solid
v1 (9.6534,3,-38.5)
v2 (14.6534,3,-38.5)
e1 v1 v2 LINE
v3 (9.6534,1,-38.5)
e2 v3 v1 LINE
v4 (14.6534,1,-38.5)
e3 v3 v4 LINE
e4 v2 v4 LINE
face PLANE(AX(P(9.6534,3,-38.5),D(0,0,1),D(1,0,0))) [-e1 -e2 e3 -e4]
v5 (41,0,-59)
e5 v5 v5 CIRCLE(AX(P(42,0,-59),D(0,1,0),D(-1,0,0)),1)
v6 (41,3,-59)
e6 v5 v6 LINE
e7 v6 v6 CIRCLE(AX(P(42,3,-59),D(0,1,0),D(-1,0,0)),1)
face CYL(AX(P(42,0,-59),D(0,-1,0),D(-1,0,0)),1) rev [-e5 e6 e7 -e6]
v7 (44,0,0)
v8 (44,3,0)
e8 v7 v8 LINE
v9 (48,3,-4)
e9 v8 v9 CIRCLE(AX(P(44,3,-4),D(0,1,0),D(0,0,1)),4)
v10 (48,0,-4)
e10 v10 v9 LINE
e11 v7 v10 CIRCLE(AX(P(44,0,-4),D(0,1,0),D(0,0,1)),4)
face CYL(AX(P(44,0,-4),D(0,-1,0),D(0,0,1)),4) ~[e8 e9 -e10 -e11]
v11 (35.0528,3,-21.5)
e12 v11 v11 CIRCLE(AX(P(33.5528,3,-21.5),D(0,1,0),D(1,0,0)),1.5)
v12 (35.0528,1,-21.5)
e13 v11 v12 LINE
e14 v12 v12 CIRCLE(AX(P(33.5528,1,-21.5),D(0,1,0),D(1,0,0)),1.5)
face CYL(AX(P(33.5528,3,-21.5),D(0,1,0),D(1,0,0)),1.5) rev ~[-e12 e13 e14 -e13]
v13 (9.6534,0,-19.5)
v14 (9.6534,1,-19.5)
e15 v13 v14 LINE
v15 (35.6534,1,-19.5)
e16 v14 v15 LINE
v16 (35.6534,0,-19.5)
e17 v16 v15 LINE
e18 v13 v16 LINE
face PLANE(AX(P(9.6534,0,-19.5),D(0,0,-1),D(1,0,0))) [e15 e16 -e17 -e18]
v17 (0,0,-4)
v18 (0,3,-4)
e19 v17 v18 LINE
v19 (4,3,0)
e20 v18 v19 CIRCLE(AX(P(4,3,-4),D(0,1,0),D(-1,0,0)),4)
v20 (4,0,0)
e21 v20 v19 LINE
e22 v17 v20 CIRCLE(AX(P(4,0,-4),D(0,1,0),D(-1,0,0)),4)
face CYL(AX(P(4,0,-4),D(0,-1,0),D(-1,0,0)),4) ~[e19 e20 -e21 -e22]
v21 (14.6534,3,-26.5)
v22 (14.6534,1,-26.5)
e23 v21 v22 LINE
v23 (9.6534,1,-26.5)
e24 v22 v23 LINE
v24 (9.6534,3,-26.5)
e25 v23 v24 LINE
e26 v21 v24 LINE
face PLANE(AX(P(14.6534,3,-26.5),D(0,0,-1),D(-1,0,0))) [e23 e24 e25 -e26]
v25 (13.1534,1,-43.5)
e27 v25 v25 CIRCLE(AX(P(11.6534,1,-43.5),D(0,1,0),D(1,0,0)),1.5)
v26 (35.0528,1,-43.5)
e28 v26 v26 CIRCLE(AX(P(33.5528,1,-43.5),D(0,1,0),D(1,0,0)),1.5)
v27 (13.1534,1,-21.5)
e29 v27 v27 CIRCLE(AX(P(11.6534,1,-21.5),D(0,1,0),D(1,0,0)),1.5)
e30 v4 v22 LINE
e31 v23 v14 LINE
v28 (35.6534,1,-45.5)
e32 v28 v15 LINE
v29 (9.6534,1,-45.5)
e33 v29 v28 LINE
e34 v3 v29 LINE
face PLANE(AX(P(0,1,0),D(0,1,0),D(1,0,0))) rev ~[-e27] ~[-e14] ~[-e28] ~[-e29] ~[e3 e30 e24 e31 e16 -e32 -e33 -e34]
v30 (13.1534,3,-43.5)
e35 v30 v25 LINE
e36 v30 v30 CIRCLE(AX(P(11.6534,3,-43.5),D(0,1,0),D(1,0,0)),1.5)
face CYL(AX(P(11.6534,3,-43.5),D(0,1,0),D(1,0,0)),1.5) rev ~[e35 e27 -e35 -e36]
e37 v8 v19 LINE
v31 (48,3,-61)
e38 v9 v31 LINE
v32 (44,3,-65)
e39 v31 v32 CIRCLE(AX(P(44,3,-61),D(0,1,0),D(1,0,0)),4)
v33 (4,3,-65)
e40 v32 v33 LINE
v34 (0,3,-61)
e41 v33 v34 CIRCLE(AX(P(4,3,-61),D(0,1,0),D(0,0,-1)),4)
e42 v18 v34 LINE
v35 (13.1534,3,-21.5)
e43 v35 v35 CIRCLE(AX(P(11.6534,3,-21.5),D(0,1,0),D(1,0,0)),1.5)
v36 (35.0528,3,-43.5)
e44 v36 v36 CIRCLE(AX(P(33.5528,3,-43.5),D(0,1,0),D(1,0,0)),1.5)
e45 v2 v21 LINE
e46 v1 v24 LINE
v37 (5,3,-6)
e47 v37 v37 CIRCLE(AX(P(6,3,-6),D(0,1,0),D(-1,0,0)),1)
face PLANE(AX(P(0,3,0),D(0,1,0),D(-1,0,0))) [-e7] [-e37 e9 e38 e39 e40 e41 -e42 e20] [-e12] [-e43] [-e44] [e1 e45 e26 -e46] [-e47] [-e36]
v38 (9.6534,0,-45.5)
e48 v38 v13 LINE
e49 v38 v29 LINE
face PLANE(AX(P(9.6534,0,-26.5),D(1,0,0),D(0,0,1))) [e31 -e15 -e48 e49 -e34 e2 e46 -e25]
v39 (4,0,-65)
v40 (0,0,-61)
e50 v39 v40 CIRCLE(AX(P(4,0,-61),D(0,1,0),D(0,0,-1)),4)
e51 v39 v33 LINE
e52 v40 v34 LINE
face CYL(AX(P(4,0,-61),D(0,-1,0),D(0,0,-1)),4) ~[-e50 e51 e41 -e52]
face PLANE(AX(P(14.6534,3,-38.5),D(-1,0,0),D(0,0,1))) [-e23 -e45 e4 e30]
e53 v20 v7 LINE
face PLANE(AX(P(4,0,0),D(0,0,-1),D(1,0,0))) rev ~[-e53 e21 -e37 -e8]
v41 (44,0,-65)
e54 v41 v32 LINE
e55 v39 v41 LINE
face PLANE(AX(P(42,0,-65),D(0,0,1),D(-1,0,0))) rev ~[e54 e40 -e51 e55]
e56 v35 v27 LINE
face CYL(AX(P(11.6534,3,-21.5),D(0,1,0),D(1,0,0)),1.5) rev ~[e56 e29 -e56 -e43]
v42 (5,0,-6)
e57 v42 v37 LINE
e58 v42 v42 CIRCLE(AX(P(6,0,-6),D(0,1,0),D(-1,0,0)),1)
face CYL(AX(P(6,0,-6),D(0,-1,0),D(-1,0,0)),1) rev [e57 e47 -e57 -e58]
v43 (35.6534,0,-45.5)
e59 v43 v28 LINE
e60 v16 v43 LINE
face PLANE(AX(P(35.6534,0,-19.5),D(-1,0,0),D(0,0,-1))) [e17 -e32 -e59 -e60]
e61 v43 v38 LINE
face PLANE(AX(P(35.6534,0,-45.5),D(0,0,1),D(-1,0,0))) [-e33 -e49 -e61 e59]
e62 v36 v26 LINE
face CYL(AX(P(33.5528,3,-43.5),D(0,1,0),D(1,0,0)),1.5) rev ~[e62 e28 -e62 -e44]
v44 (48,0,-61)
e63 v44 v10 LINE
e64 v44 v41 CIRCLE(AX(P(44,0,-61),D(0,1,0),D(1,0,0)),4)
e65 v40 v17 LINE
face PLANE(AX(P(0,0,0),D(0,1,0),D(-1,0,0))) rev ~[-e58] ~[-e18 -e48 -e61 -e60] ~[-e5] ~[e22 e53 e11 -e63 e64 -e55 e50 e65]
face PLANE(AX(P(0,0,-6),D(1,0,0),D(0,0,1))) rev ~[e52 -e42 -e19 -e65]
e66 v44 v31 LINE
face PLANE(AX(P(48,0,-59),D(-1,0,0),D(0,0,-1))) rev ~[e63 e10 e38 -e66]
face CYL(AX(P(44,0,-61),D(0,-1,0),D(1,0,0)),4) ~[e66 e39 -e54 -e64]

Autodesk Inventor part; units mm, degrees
ref_plane "YZ Plane" through (0, 0, 0) normal (1, 0, 0) x (0, 1, 0)
ref_plane "XZ Plane" through (0, 0, 0) normal (0, 1, 0) x (-1, 0, 0)
ref_plane "XY Plane" through (0, 0, 0) normal (0, 0, 1) x (1, 0, 0)
sketch "Sketch1" plane through (0, 0, 0) normal (0, 1, 0) x (-1, 0, 0)
  line L0 (-4, 0) -> (-44, 0)
  line L1 (-48, -4) -> (-48, -61)
  line L2 (-44, -65) -> (-4, -65)
  line L3 (0, -61) -> (0, -4)
  arc A0 (0, -4) -> (-4, 0) centre (-4, -4) ccw
  arc A1 (-4, -65) -> (0, -61) centre (-4, -61) ccw
  arc A2 (-48, -61) -> (-44, -65) centre (-44, -61) ccw
  arc A3 (-44, 0) -> (-48, -4) centre (-44, -4) ccw
  line L4 (-48, -65) -> (-42, -65)
  line L5 (-48, -59) -> (-48, -65)
  line L6 (0, 0) -> (-6, 0)
  line L7 (0, -6) -> (0, 0)
  circle A4 centre (-6, -6) radius 1
  circle A5 centre (-42, -59) radius 1
  line L8 (-14.6534, -26.5) -> (-14.6534, -38.5)
  line L9 (-14.6534, -38.5) -> (-9.6534, -38.5)
  line L10 (-9.6534, -38.5) -> (-9.6534, -26.5)
  line L11 (-9.6534, -26.5) -> (-14.6534, -26.5)
  line L12 (-9.6534, -26.5) -> (-9.6534, -19.5)
  line L13 (-9.6534, -19.5) -> (-35.6534, -19.5)
  line L14 (-35.6534, -19.5) -> (-35.6534, -45.5)
  line L15 (-35.6534, -45.5) -> (-9.6534, -45.5)
  line L16 (-9.6534, -45.5) -> (-9.6534, -19.5)
  point P0 (-48, 0)
  point P1 (0, -65)
  dimension "d0" = 48
  dimension "d1" = 65
  dimension "d3" = 4
extrude "Extrusion1" add sketch "Sketch1" along normal blind 3 contours A0 L3 A1 L2 A2 L1 A3 L0
sketch "Sketch3" plane through (0, 3, 0) normal (0, 1, 0) x (1, 0, 0)
  line L0 (9.6534, 19.5) -> (9.6534, 45.5) projected
  line L1 (9.6534, 45.5) -> (9.6534, 38.5)
  line L2 (9.6534, 38.5) -> (14.6534, 38.5)
  line L3 (14.6534, 38.5) -> (14.6534, 26.5)
  line L4 (14.6534, 26.5) -> (9.6534, 26.5)
  line L5 (9.6534, 26.5) -> (9.6534, 38.5)
  line L6 (35.6534, 19.5) -> (9.6534, 19.5) projected
  line L7 (9.6534, 45.5) -> (35.6534, 45.5)
  line L8 (35.6534, 45.5) -> (35.6534, 19.5)
  line L9 (35.6534, 19.5) -> (9.6534, 19.5)
  line L10 (9.6534, 19.5) -> (9.6534, 45.5)
  line L11 (9.6534, 19.5) -> (11.6534, 19.5)
  line L12 (9.6534, 21.5) -> (9.6534, 19.5)
  circle A0 centre (11.6534, 21.5) radius 1.5
  line L13 (35.6534, 45.5) -> (35.6534, 19.5) projected
  line L14 (9.6534, 45.5) -> (35.6534, 45.5) projected
  circle A1 centre (11.6534, 43.5) radius 1.5
  circle A2 centre (33.5528, 21.5) radius 1.5
  circle A3 centre (33.5528, 43.5) radius 1.5
  point P0 (0, 0)
  dimension "d20" = 5
  dimension "d21" = 12
extrude "Extrusion2" add sketch "Sketch3" against normal blind 2 contours L0 L4 L3 L2 L7 L8 L6
properties part number "Tampa"
